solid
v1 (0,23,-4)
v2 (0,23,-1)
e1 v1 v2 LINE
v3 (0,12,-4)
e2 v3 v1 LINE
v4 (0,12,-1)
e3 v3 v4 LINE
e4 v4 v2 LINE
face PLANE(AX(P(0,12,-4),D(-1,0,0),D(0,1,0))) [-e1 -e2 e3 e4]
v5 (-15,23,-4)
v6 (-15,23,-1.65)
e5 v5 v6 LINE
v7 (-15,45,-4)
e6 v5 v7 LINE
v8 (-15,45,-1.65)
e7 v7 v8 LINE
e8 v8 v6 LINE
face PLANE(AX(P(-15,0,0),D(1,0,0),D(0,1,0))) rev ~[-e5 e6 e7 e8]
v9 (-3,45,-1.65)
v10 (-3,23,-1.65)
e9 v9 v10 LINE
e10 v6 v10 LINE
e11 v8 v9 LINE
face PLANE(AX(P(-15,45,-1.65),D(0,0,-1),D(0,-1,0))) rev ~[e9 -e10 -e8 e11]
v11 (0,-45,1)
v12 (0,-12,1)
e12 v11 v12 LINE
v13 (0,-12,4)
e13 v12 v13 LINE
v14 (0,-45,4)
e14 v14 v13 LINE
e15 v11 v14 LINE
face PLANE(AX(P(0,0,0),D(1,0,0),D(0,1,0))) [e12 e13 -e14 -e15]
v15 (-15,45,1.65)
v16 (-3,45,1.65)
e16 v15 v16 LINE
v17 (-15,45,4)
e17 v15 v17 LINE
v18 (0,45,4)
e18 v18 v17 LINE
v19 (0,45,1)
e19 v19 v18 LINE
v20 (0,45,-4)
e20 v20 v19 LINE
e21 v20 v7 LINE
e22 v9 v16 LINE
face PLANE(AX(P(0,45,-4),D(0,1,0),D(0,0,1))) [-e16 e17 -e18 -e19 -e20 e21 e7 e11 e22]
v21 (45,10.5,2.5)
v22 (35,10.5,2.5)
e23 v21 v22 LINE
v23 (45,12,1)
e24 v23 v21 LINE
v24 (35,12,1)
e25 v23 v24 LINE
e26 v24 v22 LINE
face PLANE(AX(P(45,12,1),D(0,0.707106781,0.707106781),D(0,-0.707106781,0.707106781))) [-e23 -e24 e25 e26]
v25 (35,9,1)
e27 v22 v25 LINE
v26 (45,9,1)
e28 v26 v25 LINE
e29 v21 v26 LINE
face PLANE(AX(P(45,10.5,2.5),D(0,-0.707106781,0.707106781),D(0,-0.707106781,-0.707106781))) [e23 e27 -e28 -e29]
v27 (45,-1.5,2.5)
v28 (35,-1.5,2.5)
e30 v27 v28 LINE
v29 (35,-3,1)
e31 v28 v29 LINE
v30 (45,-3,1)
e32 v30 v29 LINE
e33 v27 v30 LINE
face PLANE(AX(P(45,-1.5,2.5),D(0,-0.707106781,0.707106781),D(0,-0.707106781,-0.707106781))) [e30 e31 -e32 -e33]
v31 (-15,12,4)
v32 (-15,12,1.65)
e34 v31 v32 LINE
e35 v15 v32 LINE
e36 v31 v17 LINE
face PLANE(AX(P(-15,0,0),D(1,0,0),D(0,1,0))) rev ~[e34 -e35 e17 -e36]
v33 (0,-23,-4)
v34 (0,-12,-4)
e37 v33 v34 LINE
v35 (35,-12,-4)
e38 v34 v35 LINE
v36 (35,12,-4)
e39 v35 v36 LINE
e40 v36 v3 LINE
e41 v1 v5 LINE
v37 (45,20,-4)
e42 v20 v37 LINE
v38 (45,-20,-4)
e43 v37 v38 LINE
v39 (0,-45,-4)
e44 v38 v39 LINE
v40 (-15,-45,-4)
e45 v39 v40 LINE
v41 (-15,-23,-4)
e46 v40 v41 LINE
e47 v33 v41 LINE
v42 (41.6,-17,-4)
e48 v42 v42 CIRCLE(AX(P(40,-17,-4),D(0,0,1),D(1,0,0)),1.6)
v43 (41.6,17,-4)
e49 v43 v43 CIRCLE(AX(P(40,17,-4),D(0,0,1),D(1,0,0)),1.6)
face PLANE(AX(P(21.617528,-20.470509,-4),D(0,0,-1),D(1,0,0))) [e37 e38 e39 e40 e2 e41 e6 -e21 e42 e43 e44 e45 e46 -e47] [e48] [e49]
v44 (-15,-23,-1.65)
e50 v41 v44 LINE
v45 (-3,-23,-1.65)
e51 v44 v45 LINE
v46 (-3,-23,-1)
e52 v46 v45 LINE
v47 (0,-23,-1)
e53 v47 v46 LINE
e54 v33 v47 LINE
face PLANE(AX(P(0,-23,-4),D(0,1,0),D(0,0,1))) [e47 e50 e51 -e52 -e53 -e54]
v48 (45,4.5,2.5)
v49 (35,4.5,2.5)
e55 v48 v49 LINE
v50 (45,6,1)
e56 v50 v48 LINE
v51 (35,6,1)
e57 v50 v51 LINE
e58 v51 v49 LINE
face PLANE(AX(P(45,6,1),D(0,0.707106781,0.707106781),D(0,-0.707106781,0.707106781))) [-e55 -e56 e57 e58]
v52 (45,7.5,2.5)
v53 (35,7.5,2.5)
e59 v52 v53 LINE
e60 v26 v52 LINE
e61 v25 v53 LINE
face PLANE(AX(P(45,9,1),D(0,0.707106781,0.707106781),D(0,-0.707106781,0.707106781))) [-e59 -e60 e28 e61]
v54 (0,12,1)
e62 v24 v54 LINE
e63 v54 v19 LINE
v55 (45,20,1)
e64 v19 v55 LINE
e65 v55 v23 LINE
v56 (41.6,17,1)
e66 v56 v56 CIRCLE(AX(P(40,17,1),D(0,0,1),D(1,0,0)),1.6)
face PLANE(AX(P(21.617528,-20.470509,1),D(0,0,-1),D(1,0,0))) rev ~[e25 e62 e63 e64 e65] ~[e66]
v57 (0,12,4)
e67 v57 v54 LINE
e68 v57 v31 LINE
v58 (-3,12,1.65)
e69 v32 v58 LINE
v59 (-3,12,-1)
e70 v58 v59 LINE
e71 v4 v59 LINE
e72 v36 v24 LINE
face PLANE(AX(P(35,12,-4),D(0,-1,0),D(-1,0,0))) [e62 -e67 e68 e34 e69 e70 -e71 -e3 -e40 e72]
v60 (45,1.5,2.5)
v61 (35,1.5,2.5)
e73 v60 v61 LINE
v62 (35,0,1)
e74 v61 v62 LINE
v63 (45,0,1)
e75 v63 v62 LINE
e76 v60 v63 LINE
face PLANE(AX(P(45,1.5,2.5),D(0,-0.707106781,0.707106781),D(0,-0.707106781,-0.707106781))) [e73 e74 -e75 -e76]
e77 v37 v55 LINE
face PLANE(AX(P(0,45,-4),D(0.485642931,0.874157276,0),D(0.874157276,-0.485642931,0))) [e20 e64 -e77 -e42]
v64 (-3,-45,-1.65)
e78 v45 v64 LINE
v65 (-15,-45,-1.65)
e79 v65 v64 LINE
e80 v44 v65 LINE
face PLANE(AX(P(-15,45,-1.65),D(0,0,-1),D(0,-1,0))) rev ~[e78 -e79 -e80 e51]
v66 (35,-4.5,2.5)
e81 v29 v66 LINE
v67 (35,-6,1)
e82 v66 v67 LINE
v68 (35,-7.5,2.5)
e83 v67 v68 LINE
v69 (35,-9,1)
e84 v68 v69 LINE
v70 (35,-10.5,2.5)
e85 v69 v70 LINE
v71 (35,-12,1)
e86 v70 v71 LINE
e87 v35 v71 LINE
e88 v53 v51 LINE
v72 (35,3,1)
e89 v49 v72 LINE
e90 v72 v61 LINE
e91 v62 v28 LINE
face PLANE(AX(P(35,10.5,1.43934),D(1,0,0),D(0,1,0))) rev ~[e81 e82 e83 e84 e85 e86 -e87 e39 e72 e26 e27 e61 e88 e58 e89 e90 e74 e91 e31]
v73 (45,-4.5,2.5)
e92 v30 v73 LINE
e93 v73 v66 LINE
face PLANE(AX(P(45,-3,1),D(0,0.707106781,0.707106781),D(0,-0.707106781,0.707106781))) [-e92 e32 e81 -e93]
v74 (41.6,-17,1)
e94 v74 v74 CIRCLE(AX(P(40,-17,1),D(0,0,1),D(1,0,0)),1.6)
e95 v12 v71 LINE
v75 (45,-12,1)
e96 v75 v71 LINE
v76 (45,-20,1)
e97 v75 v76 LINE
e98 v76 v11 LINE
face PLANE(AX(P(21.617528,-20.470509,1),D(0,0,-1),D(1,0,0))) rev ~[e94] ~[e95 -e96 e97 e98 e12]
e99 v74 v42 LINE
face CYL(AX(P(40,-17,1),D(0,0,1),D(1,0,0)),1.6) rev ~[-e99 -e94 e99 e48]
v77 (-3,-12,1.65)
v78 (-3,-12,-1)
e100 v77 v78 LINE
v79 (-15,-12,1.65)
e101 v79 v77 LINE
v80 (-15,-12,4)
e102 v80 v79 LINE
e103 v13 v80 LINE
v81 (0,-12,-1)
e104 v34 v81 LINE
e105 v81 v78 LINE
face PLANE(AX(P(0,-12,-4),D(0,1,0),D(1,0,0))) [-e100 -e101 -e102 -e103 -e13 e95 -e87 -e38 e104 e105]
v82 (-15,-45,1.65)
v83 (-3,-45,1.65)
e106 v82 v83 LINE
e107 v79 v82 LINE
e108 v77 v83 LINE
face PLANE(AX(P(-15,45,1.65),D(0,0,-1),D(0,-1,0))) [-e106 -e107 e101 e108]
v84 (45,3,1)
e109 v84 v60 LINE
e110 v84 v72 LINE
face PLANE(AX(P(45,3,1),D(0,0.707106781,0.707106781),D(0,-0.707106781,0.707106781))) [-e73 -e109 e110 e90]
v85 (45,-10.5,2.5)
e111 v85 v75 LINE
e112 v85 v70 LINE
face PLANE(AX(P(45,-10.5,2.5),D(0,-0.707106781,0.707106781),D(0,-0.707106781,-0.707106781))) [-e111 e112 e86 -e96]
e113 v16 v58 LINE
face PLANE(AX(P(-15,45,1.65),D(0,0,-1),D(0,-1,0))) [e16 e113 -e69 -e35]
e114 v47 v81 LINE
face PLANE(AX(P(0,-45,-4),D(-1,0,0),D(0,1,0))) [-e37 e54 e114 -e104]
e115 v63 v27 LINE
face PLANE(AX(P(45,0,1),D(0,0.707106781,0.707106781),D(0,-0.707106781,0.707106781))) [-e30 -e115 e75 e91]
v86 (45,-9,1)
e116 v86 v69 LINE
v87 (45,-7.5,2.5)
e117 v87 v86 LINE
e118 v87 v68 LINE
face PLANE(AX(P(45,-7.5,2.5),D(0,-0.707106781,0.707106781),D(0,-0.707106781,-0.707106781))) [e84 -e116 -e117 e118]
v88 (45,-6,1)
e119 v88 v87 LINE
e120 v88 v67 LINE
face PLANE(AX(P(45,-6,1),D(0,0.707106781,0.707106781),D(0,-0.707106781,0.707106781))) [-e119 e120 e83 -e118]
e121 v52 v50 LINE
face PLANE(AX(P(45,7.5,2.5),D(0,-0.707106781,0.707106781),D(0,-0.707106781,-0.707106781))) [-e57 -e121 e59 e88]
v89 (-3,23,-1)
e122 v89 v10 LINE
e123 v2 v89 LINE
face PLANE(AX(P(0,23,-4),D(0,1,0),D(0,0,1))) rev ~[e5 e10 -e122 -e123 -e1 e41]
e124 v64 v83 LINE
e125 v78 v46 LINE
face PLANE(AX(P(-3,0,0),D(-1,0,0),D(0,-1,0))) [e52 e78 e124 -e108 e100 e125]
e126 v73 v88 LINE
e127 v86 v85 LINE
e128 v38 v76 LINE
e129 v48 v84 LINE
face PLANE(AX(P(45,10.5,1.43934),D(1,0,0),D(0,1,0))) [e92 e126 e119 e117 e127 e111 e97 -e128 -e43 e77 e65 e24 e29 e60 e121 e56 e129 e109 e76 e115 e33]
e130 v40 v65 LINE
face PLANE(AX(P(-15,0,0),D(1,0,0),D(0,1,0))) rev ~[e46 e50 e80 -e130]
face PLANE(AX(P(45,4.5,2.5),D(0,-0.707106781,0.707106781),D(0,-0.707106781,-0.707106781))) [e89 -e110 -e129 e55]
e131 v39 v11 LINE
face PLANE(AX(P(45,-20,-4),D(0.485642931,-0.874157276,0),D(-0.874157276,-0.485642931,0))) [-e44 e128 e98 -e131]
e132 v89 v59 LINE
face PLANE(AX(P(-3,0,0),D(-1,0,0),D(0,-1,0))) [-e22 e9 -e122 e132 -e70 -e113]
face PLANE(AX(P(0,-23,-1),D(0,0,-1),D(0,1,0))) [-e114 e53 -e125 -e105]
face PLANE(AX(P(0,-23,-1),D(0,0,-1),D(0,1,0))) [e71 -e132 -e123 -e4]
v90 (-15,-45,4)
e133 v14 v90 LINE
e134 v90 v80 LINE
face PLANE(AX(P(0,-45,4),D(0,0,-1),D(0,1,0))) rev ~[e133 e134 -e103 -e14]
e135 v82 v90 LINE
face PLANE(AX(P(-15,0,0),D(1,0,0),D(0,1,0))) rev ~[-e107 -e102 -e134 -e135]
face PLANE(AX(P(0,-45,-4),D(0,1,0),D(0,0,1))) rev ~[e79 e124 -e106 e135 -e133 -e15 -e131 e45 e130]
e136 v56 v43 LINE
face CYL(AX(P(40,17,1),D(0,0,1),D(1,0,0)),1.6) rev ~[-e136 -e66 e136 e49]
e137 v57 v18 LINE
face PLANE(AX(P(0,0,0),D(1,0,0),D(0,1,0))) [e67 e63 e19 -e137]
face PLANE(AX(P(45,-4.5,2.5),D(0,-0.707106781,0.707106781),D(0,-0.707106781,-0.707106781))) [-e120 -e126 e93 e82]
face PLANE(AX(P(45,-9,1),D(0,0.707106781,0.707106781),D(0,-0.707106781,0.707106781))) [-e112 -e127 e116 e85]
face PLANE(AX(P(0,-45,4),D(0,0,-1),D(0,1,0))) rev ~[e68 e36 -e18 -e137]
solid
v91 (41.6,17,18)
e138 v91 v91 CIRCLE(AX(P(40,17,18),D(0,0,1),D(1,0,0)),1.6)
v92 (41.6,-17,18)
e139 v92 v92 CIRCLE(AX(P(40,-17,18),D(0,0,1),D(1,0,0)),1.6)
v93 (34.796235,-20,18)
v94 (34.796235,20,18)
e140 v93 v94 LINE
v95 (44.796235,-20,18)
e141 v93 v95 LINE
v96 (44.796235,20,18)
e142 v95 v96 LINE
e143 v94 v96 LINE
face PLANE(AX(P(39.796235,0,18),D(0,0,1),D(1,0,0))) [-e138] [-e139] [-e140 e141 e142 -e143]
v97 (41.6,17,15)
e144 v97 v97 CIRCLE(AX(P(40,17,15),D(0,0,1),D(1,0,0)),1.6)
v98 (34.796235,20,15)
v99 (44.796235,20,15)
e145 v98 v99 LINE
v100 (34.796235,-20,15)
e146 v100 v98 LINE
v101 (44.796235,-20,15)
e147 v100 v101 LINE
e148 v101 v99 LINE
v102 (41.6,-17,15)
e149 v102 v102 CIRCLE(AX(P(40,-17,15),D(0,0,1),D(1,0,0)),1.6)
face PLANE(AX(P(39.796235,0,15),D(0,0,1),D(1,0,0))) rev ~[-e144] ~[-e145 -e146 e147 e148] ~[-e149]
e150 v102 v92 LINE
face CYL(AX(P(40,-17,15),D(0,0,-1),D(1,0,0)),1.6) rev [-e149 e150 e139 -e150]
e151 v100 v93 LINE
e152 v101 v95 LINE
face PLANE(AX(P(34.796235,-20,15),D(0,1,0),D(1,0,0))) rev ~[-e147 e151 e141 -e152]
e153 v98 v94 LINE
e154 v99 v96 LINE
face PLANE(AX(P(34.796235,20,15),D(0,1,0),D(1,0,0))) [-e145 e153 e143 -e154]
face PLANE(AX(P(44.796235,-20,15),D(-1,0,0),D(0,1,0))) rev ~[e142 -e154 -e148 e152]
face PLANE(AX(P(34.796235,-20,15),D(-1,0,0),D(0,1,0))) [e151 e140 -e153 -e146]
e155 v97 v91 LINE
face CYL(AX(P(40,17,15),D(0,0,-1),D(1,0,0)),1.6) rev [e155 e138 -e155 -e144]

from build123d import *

# Parameters (mm, degrees)
F0_W      = 90
F0_H      = 8
F1_DEPTH  = 15
F2_W      = 90
F2_H      = 3.3
F3_DEPTH  = 12
F4_W      = 24
F4_H      = 5
F5_DEPTH  = 15
F6_W      = 46
F6_H      = 3
F7_DEPTH  = 18
F8_W      = 24
F8_H      = 6
F9_DEPTH  = 15
F11_DEPTH = 5
F12_R     = 1.6
F13_DEPTH = 5
F15_DEPTH = 10
F17_W     = 10
F17_H     = 40
F17_R     = 1.6
F18_DEPTH = 3


with BuildPart() as f1:
    # F0 (on Right) → F1 (new body)
    with BuildSketch(Plane.YZ):
        Rectangle(F0_W, F0_H)
    extrude(amount=-F1_DEPTH)

    # F2 (on face) → F3 (cut)
    with BuildSketch(Plane(origin=(-15, 0, 0), x_dir=(0, -1, 0), z_dir=(-1, 0, 0))):
        Rectangle(F2_W, F2_H)
    extrude(amount=-F3_DEPTH, mode=Mode.SUBTRACT)

    # F4 (on face) → F5 (cut)
    with BuildSketch(Plane.YZ):
        with Locations((0, 1.5)):
            Rectangle(F4_W, F4_H)
    extrude(amount=-F5_DEPTH, mode=Mode.SUBTRACT)

    # F6 (on face) → F7 (cut)
    with BuildSketch(Plane.YZ):
        with Locations((0, -2.5)):
            Rectangle(F6_W, F6_H)
    extrude(amount=-F7_DEPTH, mode=Mode.SUBTRACT)

    # F8 (on face) → F9 (cut)
    with BuildSketch(Plane.YZ):
        with Locations((0, -1)):
            Rectangle(F8_W, F8_H)
    extrude(amount=-F9_DEPTH, mode=Mode.SUBTRACT)

    # F10 (on face) → F11 (join)
    with BuildSketch(Plane(origin=(0, 0, -4), x_dir=(1, 0, 0), z_dir=(0, 0, -1))):
        Polygon((45, 20), (0, 45), (0, 12), (35, 12), (35, 0), (45, 0), align=None)
        Polygon((45, -20), (45, 0), (35, 0), (35, -12), (0, -12), (0, -45), align=None)
    extrude(amount=-F11_DEPTH)

    # F12 (on face) → F13 (cut)
    with BuildSketch(Plane.XY.offset(1)):
        with Locations((40, 17)):
            Circle(F12_R)
        with Locations((40, -17)):
            Circle(F12_R)
    extrude(amount=-F13_DEPTH, mode=Mode.SUBTRACT)

    # F14 (on face) → F15 (join)
    with BuildSketch(Plane.YZ.offset(45)):
        Polygon((10.5, 2.5), (9, 1), (12, 1), align=None)
        Polygon((7.5, 2.5), (6, 1), (9, 1), align=None)
        Polygon((4.5, 2.5), (3, 1), (6, 1), align=None)
        Polygon((1.5, 2.5), (0, 1), (3, 1), align=None)
        Polygon((-12, 1), (-9, 1), (-10.5, 2.5), align=None)
        Polygon((-9, 1), (-6, 1), (-7.5, 2.5), align=None)
        Polygon((-6, 1), (-3, 1), (-4.5, 2.5), align=None)
        Polygon((-3, 1), (0, 1), (-1.5, 2.5), align=None)
    extrude(amount=-F15_DEPTH)


with BuildPart() as f18:
    # F17 (on offset) → F18 (new body)
    with BuildSketch(Plane.XY.offset(15)):
        with Locations((39.796235, 0)):
            Rectangle(F17_W, F17_H)
        with Locations((40, -17)):
            Circle(F17_R, mode=Mode.SUBTRACT)
        with Locations((40, 17)):
            Circle(F17_R, mode=Mode.SUBTRACT)
    extrude(amount=F18_DEPTH)


solid = Compound([f1.part, f18.part])
